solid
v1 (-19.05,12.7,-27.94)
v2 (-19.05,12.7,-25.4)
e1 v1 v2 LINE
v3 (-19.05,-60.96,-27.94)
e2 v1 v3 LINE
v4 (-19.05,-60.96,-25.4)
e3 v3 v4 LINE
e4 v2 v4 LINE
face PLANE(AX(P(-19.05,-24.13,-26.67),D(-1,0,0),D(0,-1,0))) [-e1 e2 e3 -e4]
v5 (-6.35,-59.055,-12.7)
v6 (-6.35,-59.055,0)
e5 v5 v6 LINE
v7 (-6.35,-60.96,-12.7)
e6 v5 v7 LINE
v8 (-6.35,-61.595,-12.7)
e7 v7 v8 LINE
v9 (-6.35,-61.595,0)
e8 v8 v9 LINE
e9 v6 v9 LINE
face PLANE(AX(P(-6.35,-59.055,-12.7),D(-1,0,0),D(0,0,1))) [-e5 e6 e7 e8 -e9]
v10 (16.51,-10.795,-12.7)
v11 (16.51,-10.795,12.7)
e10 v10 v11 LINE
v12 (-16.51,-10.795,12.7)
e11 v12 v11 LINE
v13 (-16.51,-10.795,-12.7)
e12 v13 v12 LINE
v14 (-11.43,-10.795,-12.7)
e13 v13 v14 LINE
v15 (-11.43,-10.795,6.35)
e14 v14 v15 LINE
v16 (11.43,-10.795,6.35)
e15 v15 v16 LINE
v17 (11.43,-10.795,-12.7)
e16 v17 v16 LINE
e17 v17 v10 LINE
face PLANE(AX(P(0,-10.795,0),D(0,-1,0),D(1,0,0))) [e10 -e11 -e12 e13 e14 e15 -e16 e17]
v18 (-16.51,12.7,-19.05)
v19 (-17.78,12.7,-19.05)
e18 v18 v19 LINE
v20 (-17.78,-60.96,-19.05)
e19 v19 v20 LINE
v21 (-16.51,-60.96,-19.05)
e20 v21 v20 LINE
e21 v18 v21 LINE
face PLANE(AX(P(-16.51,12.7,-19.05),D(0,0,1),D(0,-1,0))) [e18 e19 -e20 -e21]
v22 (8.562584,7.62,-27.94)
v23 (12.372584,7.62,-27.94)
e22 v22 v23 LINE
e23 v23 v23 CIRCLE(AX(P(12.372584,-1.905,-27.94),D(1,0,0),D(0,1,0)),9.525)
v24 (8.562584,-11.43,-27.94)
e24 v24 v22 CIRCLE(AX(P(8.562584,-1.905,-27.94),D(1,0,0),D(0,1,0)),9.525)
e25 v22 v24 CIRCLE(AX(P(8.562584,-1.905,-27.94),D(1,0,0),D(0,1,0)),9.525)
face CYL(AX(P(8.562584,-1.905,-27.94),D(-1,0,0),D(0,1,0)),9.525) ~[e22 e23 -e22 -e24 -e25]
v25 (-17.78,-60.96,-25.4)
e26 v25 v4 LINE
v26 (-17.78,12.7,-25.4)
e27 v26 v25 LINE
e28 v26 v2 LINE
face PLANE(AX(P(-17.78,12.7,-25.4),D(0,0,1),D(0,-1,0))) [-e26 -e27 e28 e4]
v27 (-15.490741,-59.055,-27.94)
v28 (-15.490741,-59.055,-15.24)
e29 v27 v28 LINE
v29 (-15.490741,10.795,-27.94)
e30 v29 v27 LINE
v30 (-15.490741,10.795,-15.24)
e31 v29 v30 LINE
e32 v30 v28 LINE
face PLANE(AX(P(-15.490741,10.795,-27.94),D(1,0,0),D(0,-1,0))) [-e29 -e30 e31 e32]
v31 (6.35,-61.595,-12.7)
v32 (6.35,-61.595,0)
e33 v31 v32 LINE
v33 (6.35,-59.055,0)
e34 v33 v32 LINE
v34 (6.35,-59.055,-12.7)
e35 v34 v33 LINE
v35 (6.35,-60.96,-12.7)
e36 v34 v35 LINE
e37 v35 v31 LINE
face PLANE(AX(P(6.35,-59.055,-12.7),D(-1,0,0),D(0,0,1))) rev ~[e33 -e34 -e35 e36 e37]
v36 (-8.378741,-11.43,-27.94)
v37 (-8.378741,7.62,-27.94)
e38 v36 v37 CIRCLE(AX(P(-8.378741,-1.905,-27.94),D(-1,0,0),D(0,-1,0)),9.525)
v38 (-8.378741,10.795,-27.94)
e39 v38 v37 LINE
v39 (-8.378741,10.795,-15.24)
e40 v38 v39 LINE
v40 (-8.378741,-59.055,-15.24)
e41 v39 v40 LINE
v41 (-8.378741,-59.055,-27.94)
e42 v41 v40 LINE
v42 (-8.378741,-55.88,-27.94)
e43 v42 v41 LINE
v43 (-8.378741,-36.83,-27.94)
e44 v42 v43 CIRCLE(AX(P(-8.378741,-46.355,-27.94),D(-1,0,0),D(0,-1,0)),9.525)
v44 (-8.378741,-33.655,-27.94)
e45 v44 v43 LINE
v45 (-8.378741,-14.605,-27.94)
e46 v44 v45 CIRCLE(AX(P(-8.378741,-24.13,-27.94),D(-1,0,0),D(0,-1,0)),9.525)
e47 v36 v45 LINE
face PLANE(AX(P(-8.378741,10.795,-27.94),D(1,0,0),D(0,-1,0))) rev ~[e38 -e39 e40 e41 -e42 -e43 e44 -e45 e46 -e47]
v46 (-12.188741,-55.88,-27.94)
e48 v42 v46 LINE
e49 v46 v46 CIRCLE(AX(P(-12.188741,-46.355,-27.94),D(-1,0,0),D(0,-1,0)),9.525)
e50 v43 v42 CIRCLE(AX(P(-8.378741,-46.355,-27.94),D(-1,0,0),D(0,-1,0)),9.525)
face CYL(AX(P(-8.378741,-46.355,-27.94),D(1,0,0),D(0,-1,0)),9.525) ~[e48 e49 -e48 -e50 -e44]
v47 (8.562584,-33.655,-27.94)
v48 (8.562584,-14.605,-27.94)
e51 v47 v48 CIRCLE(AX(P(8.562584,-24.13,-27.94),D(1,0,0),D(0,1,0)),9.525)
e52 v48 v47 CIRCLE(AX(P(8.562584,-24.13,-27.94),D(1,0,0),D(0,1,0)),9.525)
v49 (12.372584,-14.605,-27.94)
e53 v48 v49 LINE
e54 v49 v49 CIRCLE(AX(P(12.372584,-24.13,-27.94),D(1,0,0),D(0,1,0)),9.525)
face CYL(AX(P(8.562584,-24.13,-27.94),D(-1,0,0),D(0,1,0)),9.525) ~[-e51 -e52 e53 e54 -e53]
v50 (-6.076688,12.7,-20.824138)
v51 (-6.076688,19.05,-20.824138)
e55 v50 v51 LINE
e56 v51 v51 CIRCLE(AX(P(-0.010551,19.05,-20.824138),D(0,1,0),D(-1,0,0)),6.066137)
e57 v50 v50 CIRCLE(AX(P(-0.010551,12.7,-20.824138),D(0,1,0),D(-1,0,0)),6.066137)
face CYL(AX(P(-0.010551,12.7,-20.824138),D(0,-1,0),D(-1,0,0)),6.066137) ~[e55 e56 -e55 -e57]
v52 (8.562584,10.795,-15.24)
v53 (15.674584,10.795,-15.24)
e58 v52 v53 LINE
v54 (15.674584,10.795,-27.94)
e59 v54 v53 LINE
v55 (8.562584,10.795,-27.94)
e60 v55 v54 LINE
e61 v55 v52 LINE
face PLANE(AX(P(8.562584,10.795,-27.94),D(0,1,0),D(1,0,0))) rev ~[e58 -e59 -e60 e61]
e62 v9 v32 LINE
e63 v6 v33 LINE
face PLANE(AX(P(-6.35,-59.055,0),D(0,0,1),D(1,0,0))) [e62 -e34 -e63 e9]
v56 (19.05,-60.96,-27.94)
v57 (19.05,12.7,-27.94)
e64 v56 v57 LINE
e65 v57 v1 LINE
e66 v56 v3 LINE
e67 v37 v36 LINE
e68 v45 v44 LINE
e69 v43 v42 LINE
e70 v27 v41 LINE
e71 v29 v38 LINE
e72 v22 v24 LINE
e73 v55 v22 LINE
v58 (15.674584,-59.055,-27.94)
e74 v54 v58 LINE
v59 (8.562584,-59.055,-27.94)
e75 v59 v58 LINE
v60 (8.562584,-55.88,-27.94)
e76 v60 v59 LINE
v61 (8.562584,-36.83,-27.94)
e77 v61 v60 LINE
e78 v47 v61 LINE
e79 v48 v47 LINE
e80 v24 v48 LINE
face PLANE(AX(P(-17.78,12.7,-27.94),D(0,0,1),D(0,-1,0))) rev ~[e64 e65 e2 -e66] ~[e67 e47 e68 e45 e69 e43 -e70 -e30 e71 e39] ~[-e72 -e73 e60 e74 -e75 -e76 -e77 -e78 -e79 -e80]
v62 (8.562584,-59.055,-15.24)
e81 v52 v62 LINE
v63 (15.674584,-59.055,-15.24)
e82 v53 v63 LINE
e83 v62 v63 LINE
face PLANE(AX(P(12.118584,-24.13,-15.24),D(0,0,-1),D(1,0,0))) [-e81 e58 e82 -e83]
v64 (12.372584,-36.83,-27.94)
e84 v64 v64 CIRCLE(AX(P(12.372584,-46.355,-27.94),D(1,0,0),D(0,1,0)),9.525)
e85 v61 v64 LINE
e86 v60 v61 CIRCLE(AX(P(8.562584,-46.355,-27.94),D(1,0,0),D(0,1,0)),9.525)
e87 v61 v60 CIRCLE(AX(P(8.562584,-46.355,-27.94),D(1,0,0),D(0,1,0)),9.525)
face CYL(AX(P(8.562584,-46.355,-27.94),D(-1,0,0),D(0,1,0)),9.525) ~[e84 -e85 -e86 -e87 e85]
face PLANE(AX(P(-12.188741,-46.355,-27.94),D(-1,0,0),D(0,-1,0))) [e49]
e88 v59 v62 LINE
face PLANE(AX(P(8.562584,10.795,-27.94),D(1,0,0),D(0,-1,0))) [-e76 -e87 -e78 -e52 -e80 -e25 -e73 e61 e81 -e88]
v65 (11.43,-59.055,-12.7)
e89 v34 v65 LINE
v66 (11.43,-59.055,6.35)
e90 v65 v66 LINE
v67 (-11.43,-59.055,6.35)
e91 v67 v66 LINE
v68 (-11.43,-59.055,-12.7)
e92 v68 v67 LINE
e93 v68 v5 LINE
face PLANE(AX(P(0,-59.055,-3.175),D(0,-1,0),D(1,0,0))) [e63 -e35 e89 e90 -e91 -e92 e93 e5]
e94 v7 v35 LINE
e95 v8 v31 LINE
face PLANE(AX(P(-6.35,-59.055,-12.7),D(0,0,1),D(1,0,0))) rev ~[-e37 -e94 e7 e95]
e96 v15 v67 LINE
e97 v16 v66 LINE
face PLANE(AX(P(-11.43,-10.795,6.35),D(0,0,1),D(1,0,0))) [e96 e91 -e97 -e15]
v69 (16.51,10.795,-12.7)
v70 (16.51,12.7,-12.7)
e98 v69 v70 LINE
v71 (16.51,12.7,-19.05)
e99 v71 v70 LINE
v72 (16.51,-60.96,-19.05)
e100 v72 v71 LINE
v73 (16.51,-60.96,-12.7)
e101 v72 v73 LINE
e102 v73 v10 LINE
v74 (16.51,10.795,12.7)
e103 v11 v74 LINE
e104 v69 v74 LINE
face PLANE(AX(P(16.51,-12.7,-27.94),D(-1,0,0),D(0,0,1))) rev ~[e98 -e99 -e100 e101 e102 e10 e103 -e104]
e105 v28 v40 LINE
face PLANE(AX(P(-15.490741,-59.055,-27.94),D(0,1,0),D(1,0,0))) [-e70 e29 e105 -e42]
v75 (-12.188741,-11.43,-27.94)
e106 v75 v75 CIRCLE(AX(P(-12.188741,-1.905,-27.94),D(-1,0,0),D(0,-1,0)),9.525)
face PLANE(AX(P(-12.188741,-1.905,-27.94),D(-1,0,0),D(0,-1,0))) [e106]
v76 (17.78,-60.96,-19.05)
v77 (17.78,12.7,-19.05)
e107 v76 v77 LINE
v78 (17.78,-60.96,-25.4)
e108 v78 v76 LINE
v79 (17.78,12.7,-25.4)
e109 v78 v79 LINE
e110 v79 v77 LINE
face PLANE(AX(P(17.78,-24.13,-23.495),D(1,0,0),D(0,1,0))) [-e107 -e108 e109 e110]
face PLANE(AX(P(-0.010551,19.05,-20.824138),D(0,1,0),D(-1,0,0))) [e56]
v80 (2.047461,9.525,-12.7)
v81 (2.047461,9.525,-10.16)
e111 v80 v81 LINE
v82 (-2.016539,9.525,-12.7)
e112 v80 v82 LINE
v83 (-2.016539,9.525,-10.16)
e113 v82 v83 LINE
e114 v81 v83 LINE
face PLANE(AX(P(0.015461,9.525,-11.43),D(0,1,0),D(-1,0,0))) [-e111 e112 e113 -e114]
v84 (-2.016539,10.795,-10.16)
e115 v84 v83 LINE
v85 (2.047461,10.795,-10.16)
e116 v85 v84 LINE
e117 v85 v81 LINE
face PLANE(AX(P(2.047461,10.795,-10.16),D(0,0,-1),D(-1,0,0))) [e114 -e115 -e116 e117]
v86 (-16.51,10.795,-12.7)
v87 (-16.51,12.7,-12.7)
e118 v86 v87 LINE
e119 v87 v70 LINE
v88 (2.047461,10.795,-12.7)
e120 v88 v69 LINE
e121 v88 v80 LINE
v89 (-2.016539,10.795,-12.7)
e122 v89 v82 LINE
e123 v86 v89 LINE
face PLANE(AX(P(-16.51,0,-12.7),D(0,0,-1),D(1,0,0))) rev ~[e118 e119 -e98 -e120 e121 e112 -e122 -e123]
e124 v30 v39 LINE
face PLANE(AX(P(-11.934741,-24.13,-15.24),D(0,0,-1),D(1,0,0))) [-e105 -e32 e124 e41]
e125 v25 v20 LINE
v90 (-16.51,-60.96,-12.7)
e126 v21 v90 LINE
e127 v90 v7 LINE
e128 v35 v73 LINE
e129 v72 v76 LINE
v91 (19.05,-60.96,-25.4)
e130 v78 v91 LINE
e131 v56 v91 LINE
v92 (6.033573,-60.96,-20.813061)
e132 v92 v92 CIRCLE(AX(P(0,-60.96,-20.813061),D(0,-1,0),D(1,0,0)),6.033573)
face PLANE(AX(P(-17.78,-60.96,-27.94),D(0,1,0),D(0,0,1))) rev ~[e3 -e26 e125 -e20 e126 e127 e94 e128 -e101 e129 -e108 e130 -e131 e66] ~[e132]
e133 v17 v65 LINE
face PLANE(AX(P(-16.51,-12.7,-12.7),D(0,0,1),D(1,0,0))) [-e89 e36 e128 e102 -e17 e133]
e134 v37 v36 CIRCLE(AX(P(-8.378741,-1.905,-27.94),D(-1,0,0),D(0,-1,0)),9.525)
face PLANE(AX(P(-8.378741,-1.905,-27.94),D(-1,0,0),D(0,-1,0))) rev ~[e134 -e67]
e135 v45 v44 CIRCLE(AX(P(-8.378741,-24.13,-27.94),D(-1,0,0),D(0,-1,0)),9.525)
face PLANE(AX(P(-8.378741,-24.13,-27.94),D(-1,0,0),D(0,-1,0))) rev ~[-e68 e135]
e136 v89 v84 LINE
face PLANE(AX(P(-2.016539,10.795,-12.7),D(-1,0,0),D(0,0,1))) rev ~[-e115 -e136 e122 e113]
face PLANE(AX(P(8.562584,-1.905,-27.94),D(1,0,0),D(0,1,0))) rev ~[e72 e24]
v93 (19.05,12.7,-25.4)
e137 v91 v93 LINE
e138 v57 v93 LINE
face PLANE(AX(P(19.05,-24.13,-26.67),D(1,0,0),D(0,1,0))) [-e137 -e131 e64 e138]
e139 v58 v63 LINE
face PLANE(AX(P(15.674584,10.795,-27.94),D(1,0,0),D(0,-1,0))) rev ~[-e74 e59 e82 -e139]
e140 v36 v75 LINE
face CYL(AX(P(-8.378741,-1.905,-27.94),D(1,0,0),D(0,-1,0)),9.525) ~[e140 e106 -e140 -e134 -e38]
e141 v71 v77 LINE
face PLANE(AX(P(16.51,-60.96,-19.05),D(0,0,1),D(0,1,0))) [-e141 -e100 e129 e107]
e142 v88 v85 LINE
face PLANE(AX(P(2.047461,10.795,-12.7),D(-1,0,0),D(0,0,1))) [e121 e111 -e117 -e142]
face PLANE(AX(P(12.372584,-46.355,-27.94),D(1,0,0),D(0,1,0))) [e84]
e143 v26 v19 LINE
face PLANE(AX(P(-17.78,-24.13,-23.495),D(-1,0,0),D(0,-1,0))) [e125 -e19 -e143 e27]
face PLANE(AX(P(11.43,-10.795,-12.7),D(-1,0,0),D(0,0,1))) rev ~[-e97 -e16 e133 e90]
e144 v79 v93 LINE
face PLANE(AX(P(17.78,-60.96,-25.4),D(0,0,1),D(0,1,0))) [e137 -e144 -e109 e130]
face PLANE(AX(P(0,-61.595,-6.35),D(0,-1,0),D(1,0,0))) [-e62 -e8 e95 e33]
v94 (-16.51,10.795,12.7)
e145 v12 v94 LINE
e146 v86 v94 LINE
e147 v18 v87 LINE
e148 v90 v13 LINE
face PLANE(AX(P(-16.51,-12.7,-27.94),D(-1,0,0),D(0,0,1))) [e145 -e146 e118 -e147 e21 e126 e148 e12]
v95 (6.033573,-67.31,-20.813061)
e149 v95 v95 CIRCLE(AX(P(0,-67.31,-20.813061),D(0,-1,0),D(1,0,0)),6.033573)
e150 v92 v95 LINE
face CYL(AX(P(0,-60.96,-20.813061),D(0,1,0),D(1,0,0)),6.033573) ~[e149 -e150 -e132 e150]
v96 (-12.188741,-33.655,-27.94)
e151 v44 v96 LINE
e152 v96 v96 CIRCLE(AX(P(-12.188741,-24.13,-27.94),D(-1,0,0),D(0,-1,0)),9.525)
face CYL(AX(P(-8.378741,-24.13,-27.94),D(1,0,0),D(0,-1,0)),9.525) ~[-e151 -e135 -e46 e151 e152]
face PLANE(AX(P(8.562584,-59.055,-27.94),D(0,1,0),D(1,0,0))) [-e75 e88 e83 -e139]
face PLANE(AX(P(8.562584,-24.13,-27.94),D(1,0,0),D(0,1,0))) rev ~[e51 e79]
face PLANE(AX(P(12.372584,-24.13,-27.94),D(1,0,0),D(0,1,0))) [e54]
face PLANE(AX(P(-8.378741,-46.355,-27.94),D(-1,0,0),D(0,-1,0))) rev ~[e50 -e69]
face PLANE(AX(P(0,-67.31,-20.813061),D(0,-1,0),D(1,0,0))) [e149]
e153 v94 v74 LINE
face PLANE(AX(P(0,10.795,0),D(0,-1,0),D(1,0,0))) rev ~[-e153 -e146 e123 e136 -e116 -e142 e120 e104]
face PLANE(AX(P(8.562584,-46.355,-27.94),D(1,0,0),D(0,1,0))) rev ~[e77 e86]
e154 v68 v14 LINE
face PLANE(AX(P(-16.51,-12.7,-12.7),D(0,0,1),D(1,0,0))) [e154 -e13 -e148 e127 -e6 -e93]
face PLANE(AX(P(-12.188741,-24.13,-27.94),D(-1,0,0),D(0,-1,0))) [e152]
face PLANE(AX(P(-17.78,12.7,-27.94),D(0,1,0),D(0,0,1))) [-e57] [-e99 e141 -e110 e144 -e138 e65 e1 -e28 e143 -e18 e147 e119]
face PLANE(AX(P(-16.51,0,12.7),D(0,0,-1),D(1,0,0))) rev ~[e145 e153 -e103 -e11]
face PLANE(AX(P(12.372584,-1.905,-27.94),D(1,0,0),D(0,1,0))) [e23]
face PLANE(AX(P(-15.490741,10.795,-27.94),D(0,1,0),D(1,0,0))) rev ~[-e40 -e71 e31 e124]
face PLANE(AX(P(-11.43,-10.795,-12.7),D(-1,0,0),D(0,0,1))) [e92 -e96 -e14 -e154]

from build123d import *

# Parameters (mm, degrees)
F0_W      = 33.02
F0_H      = 25.4
F1_DEPTH  = 10.795
F2_W      = 22.86
F2_H      = 19.05
F3_DEPTH  = 48.26
F4_W      = 33.02
F4_H      = 15.24
F5_DEPTH  = 12.7
F6_W      = 33.02
F6_H      = 15.24
F7_DEPTH  = 48.26
F8_W      = 12.7
F8_H      = 12.7
F9_DEPTH  = 2.54
F10_W     = 7.112
F10_H     = 69.85
F11_DEPTH = 12.7
F13_R     = 6.033573
F14_DEPTH = 6.35
F12_R     = 9.525
F15_DEPTH = 3.81
F16_R     = 9.525
F17_DEPTH = 3.81
F18_R     = 9.525
F19_DEPTH = 3.81
F20_R     = 9.525
F21_DEPTH = 3.81
F22_R     = 9.525
F23_DEPTH = 3.81
F24_R     = 9.525
F25_DEPTH = 3.81
F26_R     = 6.066137
F27_DEPTH = 6.35
F28_W     = 73.66
F28_H     = 8.89
F29_DEPTH = 1.27
F30_W     = 73.66
F30_H     = 8.89
F31_DEPTH = 1.27
F32_W     = 73.66
F32_H     = 2.54
F33_DEPTH = 1.27
F34_W     = 73.66
F34_H     = 2.54
F35_DEPTH = 1.27
F36_W     = 4.064
F36_H     = 2.54
F37_DEPTH = 1.27


with BuildPart() as f1:
    # F0 (on Front) → F1 (new body, symmetric)
    with BuildSketch(Plane.XZ):
        Rectangle(F0_W, F0_H)
    extrude(amount=F1_DEPTH, both=True)

    # F2 (on face) → F3 (join)
    with BuildSketch(Plane.XZ.offset(10.795)):
        with Locations((0, -3.175)):
            Rectangle(F2_W, F2_H)
    extrude(amount=F3_DEPTH)

    # F4 (on Front) → F5 (join, symmetric)
    with BuildSketch(Plane.XZ):
        with Locations((0, -20.32)):
            Rectangle(F4_W, F4_H)
    extrude(amount=F5_DEPTH, both=True)

    # F6 (on face) → F7 (join)
    with BuildSketch(Plane.XZ.offset(12.7)):
        with Locations((0, -20.32)):
            Rectangle(F6_W, F6_H)
    extrude(amount=F7_DEPTH)

    # F8 (on face) → F9 (join)
    with BuildSketch(Plane.XZ.offset(59.055)):
        with Locations((0, -6.35)):
            Rectangle(F8_W, F8_H)
    extrude(amount=F9_DEPTH)

    # F10 (on face) → F11 (cut)
    with BuildSketch(Plane(origin=(0, 0, -27.94), x_dir=(1, 0, 0), z_dir=(0, 0, -1))):
        with Locations((-11.934741, 24.13)):
            Rectangle(F10_W, F10_H)
        with Locations((12.118584, 24.13)):
            Rectangle(F10_W, F10_H)
    extrude(amount=-F11_DEPTH, mode=Mode.SUBTRACT)

    # F13 (on face) → F14 (join)
    with BuildSketch(Plane.XZ.offset(60.96)):
        with Locations((0, -20.813061)):
            Circle(F13_R)
    extrude(amount=F14_DEPTH)

    # F12 (on face) → F15 (join)
    with BuildSketch(Plane(origin=(-8.378741, 0, 0), x_dir=(0, -1, 0), z_dir=(-1, 0, 0))):
        with Locations((24.13, -27.94)):
            Circle(F12_R)
    extrude(amount=F15_DEPTH)

    # F16 (on face) → F17 (join)
    with BuildSketch(Plane(origin=(-8.378741, 0, 0), x_dir=(0, -1, 0), z_dir=(-1, 0, 0))):
        with Locations((46.355, -27.94)):
            Circle(F16_R)
    extrude(amount=F17_DEPTH)

    # F18 (on face) → F19 (join)
    with BuildSketch(Plane(origin=(-8.378741, 0, 0), x_dir=(0, -1, 0), z_dir=(-1, 0, 0))):
        with Locations((1.905, -27.94)):
            Circle(F18_R)
    extrude(amount=F19_DEPTH)

    # F20 (on face) → F21 (join)
    with BuildSketch(Plane.YZ.offset(8.562584)):
        with Locations((-24.13, -27.94)):
            Circle(F20_R)
    extrude(amount=F21_DEPTH)

    # F22 (on face) → F23 (join)
    with BuildSketch(Plane.YZ.offset(8.562584)):
        with Locations((-1.905, -27.94)):
            Circle(F22_R)
    extrude(amount=F23_DEPTH)

    # F24 (on face) → F25 (join)
    with BuildSketch(Plane.YZ.offset(8.562584)):
        with Locations((-46.355, -27.94)):
            Circle(F24_R)
    extrude(amount=F25_DEPTH)

    # F26 (on face) → F27 (join)
    with BuildSketch(Plane(origin=(0, 12.7, 0), x_dir=(-1, 0, 0), z_dir=(0, 1, 0))):
        with Locations((0.010551, -20.824138)):
            Circle(F26_R)
    extrude(amount=F27_DEPTH)

    # F28 (on face) → F29 (join)
    with BuildSketch(Plane.YZ.offset(16.51)):
        with Locations((-24.13, -23.495)):
            Rectangle(F28_W, F28_H)
    extrude(amount=F29_DEPTH)

    # F30 (on face) → F31 (join)
    with BuildSketch(Plane(origin=(-16.51, 0, 0), x_dir=(0, -1, 0), z_dir=(-1, 0, 0))):
        with Locations((24.13, -23.495)):
            Rectangle(F30_W, F30_H)
    extrude(amount=F31_DEPTH)

    # F32 (on face) → F33 (join)
    with BuildSketch(Plane.YZ.offset(17.78)):
        with Locations((-24.13, -26.67)):
            Rectangle(F32_W, F32_H)
    extrude(amount=F33_DEPTH)

    # F34 (on face) → F35 (join)
    with BuildSketch(Plane(origin=(-17.78, 0, 0), x_dir=(0, -1, 0), z_dir=(-1, 0, 0))):
        with Locations((24.13, -26.67)):
            Rectangle(F34_W, F34_H)
    extrude(amount=F35_DEPTH)

    # F36 (on face) → F37 (cut)
    with BuildSketch(Plane(origin=(0, 10.795, 0), x_dir=(-1, 0, 0), z_dir=(0, 1, 0))):
        with Locations((-0.015461, -11.43)):
            Rectangle(F36_W, F36_H)
    extrude(amount=-F37_DEPTH, mode=Mode.SUBTRACT)


solid = f1.part
